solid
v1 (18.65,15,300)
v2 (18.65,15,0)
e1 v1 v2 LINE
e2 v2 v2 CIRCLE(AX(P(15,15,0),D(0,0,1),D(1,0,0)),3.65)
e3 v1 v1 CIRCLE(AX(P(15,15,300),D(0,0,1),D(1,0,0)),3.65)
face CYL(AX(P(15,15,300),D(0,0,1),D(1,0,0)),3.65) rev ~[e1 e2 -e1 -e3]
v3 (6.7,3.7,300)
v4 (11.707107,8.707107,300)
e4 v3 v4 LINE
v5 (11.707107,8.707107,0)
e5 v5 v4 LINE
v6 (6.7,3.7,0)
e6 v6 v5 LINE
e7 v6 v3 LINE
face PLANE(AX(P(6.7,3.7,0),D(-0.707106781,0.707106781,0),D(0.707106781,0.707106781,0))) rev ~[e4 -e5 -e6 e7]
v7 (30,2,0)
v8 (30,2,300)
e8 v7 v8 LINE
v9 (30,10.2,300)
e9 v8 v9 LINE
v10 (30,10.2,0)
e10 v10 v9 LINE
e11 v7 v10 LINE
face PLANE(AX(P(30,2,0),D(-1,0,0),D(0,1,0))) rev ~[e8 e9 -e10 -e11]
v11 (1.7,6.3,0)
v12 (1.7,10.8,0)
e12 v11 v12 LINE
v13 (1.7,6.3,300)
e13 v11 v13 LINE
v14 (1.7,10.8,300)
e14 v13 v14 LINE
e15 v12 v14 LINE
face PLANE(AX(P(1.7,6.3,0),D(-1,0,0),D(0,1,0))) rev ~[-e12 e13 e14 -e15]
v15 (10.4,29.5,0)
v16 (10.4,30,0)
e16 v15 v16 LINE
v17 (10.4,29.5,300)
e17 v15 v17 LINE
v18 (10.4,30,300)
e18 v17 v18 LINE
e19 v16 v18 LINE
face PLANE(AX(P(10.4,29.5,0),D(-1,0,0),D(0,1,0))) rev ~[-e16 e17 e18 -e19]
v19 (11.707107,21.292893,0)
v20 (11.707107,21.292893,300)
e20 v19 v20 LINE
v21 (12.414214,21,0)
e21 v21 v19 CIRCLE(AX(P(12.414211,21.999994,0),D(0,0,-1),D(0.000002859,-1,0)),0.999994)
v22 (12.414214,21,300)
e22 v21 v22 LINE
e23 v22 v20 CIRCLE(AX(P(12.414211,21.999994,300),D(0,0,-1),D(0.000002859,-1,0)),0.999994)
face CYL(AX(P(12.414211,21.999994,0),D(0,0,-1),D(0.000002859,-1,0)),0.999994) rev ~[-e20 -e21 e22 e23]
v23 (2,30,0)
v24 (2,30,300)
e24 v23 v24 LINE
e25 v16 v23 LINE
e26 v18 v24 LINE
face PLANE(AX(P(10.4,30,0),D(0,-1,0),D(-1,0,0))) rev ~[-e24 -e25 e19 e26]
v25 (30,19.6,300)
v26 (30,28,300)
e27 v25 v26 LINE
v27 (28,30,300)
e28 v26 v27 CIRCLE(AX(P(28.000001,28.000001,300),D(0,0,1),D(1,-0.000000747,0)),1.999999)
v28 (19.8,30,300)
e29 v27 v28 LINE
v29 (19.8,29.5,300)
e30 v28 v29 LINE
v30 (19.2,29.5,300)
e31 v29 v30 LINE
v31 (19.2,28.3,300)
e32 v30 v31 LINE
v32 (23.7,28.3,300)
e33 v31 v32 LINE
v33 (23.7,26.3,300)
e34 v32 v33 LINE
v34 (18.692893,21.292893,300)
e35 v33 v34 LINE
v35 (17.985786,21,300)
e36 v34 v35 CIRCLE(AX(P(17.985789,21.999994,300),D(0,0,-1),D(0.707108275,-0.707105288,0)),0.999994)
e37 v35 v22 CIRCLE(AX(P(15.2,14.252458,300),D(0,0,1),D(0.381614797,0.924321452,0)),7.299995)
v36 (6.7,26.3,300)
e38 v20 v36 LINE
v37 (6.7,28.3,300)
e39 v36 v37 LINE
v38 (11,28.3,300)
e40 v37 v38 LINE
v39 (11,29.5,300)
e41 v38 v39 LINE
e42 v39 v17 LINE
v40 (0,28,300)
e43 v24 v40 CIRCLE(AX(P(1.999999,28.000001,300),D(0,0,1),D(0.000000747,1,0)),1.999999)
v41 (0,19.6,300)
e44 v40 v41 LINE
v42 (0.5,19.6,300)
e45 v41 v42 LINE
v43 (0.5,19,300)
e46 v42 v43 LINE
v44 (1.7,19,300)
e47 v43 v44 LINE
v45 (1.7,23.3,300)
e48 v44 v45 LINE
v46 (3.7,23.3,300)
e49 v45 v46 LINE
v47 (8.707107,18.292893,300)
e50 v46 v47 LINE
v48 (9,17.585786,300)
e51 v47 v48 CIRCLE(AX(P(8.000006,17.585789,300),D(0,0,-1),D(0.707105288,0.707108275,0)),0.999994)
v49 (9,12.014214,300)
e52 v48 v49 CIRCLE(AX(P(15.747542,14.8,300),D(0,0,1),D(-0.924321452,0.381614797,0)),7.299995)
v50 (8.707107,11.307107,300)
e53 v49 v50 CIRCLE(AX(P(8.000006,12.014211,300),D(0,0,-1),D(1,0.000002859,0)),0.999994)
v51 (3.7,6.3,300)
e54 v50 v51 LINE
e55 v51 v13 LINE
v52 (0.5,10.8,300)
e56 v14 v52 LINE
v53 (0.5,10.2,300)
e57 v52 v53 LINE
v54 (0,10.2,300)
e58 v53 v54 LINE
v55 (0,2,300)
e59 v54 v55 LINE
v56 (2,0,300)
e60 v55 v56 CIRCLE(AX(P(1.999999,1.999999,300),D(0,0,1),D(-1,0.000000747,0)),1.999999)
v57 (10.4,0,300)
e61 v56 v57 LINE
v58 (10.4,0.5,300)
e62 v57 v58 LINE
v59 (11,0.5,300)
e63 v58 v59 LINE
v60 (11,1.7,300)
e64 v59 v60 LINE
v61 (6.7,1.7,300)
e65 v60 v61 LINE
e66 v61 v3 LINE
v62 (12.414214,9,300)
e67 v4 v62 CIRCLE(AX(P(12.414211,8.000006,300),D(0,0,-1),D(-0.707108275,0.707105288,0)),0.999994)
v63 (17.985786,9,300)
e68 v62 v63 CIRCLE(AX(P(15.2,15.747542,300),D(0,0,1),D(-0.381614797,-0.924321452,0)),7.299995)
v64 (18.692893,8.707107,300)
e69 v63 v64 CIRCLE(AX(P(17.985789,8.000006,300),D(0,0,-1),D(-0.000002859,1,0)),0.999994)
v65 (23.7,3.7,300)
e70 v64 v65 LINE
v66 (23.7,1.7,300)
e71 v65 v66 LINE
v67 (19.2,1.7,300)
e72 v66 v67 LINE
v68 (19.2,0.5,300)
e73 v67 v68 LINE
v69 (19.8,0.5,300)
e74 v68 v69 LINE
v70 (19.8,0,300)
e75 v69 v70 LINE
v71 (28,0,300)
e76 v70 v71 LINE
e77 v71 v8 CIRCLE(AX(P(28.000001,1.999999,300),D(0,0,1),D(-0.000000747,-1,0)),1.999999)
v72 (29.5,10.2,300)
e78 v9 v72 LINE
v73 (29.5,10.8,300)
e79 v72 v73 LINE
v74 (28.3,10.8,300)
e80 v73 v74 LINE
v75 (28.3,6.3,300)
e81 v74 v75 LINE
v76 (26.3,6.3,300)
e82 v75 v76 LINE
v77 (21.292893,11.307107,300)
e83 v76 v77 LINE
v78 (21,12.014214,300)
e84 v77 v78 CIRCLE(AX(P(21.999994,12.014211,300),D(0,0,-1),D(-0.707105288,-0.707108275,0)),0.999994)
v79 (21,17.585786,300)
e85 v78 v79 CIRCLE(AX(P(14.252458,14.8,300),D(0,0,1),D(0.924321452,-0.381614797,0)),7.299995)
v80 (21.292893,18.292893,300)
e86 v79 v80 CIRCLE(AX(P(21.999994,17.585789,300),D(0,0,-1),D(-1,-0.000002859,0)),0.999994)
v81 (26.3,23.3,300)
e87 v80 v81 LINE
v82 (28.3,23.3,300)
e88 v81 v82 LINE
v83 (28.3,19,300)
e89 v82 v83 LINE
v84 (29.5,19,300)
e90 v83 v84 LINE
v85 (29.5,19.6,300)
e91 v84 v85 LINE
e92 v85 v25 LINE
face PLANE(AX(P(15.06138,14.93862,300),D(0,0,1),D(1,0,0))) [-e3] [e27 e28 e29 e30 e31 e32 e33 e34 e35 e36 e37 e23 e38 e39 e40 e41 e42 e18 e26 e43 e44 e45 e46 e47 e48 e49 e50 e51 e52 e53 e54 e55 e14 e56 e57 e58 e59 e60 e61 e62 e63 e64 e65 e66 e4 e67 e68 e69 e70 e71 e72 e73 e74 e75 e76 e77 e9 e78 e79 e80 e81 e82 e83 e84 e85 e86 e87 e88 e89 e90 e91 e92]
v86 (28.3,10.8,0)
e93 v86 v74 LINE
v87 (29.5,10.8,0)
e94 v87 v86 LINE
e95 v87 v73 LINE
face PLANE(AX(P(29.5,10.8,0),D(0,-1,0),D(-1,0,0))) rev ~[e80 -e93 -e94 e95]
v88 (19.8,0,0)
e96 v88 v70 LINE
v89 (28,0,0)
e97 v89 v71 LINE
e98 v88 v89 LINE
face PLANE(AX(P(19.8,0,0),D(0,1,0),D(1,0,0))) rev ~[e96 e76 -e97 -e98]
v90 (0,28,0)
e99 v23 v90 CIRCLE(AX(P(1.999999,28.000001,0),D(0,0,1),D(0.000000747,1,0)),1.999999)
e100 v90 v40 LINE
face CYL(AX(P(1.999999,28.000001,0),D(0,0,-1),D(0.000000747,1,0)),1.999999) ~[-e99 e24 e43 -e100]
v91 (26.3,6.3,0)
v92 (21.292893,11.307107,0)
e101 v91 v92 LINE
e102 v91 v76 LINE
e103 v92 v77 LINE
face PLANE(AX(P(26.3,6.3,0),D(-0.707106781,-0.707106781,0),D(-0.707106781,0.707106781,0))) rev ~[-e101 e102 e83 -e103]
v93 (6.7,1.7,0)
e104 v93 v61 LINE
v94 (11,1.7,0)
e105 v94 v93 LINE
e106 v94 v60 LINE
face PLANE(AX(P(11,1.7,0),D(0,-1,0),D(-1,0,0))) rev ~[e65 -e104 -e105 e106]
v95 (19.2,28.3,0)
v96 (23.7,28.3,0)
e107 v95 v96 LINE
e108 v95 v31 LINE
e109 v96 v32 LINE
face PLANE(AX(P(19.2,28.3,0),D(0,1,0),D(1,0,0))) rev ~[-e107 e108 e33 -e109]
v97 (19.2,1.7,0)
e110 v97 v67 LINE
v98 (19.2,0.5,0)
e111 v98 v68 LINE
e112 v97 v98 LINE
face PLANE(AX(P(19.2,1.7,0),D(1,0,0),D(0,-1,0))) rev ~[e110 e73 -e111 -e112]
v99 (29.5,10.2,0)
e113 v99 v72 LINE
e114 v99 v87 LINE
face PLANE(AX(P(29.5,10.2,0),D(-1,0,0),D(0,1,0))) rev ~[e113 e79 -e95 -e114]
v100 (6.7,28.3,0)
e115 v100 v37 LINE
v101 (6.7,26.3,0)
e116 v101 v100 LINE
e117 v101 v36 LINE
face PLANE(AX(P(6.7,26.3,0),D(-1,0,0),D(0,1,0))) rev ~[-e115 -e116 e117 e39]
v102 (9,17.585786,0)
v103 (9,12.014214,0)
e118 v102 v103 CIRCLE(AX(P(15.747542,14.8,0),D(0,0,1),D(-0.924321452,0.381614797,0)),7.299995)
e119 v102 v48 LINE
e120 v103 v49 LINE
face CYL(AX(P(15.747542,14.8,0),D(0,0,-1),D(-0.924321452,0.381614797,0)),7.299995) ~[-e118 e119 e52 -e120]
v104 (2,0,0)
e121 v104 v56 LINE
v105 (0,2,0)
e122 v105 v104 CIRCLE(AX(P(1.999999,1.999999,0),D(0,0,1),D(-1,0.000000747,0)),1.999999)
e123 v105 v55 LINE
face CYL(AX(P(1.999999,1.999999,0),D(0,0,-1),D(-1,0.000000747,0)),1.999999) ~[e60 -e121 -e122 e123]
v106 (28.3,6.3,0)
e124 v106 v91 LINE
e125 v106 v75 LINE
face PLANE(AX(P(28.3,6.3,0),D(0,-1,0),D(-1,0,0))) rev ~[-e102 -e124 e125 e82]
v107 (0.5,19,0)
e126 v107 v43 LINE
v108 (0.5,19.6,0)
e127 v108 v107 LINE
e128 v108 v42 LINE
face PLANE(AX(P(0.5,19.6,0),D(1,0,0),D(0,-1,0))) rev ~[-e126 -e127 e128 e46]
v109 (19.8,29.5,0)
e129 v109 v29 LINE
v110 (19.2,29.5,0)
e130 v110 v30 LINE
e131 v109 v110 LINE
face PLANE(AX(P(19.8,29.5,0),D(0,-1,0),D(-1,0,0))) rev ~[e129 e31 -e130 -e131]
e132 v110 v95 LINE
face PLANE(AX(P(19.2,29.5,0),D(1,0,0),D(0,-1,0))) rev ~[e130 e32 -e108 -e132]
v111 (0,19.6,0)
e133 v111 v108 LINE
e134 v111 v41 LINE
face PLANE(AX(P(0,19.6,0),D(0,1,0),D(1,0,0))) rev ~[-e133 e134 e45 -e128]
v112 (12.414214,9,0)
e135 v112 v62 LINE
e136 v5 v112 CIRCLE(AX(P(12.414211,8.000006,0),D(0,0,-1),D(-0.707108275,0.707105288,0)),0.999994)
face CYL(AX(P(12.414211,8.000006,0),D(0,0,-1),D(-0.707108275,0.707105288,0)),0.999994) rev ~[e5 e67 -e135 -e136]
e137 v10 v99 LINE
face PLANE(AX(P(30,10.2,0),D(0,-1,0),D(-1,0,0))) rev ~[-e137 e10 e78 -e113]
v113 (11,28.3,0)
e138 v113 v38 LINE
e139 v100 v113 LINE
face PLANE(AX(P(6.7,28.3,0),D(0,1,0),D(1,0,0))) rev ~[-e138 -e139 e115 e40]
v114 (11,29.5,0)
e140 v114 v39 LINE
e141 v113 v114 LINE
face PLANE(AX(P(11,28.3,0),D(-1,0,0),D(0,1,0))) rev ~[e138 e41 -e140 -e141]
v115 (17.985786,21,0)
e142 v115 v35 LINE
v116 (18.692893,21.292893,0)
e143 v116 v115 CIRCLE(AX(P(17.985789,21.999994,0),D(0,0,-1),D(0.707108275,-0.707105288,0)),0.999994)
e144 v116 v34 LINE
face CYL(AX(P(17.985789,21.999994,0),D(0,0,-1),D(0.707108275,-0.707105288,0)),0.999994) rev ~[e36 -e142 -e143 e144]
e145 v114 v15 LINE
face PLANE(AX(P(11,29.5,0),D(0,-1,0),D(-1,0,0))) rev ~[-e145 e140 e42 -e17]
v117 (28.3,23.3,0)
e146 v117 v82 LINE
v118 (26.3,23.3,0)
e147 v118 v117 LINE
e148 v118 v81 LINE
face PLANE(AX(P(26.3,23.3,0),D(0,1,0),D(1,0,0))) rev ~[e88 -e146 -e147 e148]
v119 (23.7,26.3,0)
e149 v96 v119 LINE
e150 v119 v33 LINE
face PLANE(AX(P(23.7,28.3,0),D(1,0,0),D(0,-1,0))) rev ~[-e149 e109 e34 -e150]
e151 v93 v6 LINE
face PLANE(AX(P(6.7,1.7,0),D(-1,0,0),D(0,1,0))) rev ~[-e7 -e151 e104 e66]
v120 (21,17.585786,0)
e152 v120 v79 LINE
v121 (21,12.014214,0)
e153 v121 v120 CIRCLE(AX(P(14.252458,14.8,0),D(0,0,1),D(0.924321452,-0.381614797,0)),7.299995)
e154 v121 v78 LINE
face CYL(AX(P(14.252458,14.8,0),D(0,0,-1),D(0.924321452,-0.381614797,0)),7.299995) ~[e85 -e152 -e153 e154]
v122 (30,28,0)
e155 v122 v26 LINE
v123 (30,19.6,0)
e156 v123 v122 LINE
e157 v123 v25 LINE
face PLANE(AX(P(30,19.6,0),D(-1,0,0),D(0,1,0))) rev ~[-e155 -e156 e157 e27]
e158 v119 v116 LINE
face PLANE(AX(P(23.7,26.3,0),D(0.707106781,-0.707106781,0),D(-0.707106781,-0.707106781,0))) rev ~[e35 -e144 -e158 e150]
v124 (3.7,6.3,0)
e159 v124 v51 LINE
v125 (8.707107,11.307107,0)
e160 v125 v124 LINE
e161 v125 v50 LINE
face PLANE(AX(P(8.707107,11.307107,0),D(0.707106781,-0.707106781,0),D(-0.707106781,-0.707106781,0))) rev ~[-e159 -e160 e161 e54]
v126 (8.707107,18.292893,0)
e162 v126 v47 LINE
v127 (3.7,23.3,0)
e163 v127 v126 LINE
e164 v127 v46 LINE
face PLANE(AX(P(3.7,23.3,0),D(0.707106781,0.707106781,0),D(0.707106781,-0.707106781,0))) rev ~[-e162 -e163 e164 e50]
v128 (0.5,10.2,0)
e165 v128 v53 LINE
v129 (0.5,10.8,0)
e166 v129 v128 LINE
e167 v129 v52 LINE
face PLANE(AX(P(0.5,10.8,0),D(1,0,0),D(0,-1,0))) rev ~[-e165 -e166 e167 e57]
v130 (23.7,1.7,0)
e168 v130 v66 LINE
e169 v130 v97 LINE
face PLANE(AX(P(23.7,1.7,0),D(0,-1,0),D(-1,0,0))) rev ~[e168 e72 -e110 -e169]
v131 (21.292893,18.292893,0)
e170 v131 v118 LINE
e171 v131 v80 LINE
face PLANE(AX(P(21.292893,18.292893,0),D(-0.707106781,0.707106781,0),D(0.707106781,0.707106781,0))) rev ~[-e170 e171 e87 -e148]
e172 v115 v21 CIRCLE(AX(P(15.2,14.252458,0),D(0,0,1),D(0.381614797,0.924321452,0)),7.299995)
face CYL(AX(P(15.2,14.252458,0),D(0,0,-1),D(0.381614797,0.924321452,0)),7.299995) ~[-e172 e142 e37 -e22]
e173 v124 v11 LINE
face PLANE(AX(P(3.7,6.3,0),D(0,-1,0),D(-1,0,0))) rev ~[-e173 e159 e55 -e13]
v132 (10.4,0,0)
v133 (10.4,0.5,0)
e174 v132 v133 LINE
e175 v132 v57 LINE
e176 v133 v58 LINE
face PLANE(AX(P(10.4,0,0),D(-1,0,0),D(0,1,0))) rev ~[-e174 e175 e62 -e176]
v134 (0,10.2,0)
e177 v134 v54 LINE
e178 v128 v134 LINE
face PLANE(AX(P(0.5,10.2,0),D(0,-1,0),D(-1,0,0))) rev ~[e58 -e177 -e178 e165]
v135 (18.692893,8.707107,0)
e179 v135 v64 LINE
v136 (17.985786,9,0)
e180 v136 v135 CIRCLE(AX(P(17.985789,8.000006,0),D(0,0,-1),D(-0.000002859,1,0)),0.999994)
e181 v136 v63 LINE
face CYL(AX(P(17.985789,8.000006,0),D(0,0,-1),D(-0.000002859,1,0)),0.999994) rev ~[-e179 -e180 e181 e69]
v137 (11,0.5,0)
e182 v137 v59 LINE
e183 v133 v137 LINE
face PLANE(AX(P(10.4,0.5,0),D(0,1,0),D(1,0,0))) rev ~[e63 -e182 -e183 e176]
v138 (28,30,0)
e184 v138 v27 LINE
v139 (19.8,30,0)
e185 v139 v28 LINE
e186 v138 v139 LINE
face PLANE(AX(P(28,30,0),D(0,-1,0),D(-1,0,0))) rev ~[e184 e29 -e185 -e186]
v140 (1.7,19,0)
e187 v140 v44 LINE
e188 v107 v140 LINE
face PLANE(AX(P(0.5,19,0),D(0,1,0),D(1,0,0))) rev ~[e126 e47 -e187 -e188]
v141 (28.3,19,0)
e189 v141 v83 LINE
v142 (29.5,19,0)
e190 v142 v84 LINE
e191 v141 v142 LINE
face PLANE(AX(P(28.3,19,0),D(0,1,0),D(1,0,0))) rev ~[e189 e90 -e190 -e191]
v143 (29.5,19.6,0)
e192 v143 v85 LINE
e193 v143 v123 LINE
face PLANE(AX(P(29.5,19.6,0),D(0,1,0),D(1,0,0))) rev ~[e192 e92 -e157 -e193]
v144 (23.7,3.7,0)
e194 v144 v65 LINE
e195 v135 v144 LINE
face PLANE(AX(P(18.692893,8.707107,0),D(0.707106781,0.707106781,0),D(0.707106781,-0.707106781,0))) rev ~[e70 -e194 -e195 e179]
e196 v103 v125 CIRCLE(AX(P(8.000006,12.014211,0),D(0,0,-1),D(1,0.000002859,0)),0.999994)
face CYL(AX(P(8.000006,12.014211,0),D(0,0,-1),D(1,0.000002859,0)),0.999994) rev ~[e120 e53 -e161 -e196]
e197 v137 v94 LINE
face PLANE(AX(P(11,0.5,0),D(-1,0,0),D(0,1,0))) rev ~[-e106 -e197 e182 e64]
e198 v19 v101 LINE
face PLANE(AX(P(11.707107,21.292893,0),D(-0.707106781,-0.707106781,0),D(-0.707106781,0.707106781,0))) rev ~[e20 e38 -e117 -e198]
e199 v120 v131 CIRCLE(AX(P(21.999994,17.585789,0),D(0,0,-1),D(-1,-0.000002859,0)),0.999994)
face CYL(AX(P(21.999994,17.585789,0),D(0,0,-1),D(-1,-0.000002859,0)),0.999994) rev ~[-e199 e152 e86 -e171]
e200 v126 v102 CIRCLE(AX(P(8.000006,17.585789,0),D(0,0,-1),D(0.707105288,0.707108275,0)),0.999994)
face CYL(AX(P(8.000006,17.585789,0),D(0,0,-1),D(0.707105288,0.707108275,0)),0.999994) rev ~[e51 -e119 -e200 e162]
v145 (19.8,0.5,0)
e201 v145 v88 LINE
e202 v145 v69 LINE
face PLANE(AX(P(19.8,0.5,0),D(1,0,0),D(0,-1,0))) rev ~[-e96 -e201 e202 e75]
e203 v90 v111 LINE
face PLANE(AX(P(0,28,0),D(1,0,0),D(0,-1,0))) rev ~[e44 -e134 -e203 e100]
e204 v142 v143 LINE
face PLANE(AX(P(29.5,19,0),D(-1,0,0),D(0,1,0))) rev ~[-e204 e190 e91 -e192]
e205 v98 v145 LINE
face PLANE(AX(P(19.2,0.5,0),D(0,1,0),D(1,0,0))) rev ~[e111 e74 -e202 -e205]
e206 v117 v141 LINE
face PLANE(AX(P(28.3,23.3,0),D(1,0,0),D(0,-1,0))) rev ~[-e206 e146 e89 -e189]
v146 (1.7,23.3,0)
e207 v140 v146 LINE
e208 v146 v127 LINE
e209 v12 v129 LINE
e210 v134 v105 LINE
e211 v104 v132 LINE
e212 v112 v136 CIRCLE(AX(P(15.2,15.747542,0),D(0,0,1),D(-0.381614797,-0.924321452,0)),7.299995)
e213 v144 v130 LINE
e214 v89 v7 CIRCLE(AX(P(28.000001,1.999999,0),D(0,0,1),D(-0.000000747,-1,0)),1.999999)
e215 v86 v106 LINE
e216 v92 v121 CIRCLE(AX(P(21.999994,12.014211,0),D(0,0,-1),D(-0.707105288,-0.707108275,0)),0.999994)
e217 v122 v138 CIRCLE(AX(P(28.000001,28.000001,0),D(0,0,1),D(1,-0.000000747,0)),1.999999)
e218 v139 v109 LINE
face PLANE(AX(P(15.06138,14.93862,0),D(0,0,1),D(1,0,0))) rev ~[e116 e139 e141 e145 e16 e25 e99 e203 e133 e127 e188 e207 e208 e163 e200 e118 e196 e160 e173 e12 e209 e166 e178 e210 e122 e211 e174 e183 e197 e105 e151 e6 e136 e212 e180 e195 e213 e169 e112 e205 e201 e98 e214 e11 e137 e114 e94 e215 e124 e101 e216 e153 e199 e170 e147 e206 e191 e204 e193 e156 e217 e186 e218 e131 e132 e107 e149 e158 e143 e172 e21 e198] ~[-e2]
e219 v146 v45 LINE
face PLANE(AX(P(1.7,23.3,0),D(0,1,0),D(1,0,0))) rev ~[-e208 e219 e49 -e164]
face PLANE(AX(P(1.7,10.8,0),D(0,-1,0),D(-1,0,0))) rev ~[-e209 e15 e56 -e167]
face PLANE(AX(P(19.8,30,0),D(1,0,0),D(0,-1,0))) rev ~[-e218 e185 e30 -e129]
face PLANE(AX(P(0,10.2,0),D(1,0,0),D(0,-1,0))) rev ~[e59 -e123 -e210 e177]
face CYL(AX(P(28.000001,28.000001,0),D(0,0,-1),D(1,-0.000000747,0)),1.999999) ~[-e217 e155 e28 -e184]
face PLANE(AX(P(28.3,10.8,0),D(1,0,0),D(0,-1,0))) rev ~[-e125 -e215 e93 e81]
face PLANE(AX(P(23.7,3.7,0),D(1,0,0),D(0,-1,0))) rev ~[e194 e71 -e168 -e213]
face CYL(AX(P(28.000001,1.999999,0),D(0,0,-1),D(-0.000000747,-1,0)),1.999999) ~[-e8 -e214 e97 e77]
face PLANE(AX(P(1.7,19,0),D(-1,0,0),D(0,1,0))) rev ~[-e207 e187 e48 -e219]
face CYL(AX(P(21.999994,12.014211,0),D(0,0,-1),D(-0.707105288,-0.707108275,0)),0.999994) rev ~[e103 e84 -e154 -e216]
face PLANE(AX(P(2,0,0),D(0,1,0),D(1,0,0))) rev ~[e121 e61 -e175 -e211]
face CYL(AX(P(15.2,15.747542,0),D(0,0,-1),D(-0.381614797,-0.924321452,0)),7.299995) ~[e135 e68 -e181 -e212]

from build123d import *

# Parameters (mm, degrees)
F1_DEPTH = 300
F2_R     = 3.65
F3_DEPTH = 300


with BuildPart() as f1:
    # F0 (on Top) → F1 (new body)
    with BuildSketch(Plane.XY):
        with BuildLine():
            ThreePointArc((0, 2), (0.585786, 0.585786), (2, 0))
            Line((2, 0), (10.4, 0))
            Line((10.4, 0), (10.4, 0.5))
            Line((10.4, 0.5), (11, 0.5))
            Line((11, 0.5), (11, 1.7))
            Line((11, 1.7), (6.7, 1.7))
            Line((6.7, 1.7), (6.7, 3.7))
            Line((6.7, 3.7), (11.707107, 8.707107))
            ThreePointArc((11.707107, 8.707107), (12.03153, 8.92388), (12.414214, 9))
            ThreePointArc((12.414214, 9), (15.2, 8.447547), (17.985786, 9))
            ThreePointArc((17.985786, 9), (18.36847, 8.92388), (18.692893, 8.707107))
            Line((18.692893, 8.707107), (23.7, 3.7))
            Line((23.7, 3.7), (23.7, 1.7))
            Line((23.7, 1.7), (19.2, 1.7))
            Line((19.2, 1.7), (19.2, 0.5))
            Line((19.2, 0.5), (19.8, 0.5))
            Line((19.8, 0.5), (19.8, 0))
            Line((19.8, 0), (28, 0))
            ThreePointArc((28, 0), (29.414214, 0.585786), (30, 2))
            Line((30, 2), (30, 10.2))
            Line((30, 10.2), (29.5, 10.2))
            Line((29.5, 10.2), (29.5, 10.8))
            Line((29.5, 10.8), (28.3, 10.8))
            Line((28.3, 10.8), (28.3, 6.3))
            Line((28.3, 6.3), (26.3, 6.3))
            Line((26.3, 6.3), (21.292893, 11.307107))
            ThreePointArc((21.292893, 11.307107), (21.07612, 11.63153), (21, 12.014214))
            ThreePointArc((21, 12.014214), (21.552453, 14.8), (21, 17.585786))
            ThreePointArc((21, 17.585786), (21.07612, 17.96847), (21.292893, 18.292893))
            Line((21.292893, 18.292893), (26.3, 23.3))
            Line((26.3, 23.3), (28.3, 23.3))
            Line((28.3, 23.3), (28.3, 19))
            Line((28.3, 19), (29.5, 19))
            Line((29.5, 19), (29.5, 19.6))
            Line((29.5, 19.6), (30, 19.6))
            Line((30, 19.6), (30, 28))
            ThreePointArc((30, 28), (29.414214, 29.414214), (28, 30))
            Line((28, 30), (19.8, 30))
            Line((19.8, 30), (19.8, 29.5))
            Line((19.8, 29.5), (19.2, 29.5))
            Line((19.2, 29.5), (19.2, 28.3))
            Line((19.2, 28.3), (23.7, 28.3))
            Line((23.7, 28.3), (23.7, 26.3))
            Line((23.7, 26.3), (18.692893, 21.292893))
            ThreePointArc((18.692893, 21.292893), (18.36847, 21.07612), (17.985786, 21))
            ThreePointArc((17.985786, 21), (15.2, 21.552453), (12.414214, 21))
            ThreePointArc((12.414214, 21), (12.03153, 21.07612), (11.707107, 21.292893))
            Line((11.707107, 21.292893), (6.7, 26.3))
            Line((6.7, 26.3), (6.7, 28.3))
            Line((6.7, 28.3), (11, 28.3))
            Line((11, 28.3), (11, 29.5))
            Line((11, 29.5), (10.4, 29.5))
            Line((10.4, 29.5), (10.4, 30))
            Line((10.4, 30), (2, 30))
            ThreePointArc((2, 30), (0.585786, 29.414214), (0, 28))
            Line((0, 28), (0, 19.6))
            Line((0, 19.6), (0.5, 19.6))
            Line((0.5, 19.6), (0.5, 19))
            Line((0.5, 19), (1.7, 19))
            Line((1.7, 19), (1.7, 23.3))
            Line((1.7, 23.3), (3.7, 23.3))
            Line((3.7, 23.3), (8.707107, 18.292893))
            ThreePointArc((8.707107, 18.292893), (8.92388, 17.96847), (9, 17.585786))
            ThreePointArc((9, 17.585786), (8.447547, 14.8), (9, 12.014214))
            ThreePointArc((9, 12.014214), (8.92388, 11.63153), (8.707107, 11.307107))
            Line((8.707107, 11.307107), (3.7, 6.3))
            Line((3.7, 6.3), (1.7, 6.3))
            Line((1.7, 6.3), (1.7, 10.8))
            Line((1.7, 10.8), (0.5, 10.8))
            Line((0.5, 10.8), (0.5, 10.2))
            Line((0.5, 10.2), (0, 10.2))
            Line((0, 10.2), (0, 2))
        make_face()
    extrude(amount=F1_DEPTH)

    # F2 (on face) → F3 (cut)
    with BuildSketch(Plane.XY.offset(300)):
        with Locations((15, 15)):
            Circle(F2_R)
    extrude(amount=-F3_DEPTH, mode=Mode.SUBTRACT)


solid = f1.part
